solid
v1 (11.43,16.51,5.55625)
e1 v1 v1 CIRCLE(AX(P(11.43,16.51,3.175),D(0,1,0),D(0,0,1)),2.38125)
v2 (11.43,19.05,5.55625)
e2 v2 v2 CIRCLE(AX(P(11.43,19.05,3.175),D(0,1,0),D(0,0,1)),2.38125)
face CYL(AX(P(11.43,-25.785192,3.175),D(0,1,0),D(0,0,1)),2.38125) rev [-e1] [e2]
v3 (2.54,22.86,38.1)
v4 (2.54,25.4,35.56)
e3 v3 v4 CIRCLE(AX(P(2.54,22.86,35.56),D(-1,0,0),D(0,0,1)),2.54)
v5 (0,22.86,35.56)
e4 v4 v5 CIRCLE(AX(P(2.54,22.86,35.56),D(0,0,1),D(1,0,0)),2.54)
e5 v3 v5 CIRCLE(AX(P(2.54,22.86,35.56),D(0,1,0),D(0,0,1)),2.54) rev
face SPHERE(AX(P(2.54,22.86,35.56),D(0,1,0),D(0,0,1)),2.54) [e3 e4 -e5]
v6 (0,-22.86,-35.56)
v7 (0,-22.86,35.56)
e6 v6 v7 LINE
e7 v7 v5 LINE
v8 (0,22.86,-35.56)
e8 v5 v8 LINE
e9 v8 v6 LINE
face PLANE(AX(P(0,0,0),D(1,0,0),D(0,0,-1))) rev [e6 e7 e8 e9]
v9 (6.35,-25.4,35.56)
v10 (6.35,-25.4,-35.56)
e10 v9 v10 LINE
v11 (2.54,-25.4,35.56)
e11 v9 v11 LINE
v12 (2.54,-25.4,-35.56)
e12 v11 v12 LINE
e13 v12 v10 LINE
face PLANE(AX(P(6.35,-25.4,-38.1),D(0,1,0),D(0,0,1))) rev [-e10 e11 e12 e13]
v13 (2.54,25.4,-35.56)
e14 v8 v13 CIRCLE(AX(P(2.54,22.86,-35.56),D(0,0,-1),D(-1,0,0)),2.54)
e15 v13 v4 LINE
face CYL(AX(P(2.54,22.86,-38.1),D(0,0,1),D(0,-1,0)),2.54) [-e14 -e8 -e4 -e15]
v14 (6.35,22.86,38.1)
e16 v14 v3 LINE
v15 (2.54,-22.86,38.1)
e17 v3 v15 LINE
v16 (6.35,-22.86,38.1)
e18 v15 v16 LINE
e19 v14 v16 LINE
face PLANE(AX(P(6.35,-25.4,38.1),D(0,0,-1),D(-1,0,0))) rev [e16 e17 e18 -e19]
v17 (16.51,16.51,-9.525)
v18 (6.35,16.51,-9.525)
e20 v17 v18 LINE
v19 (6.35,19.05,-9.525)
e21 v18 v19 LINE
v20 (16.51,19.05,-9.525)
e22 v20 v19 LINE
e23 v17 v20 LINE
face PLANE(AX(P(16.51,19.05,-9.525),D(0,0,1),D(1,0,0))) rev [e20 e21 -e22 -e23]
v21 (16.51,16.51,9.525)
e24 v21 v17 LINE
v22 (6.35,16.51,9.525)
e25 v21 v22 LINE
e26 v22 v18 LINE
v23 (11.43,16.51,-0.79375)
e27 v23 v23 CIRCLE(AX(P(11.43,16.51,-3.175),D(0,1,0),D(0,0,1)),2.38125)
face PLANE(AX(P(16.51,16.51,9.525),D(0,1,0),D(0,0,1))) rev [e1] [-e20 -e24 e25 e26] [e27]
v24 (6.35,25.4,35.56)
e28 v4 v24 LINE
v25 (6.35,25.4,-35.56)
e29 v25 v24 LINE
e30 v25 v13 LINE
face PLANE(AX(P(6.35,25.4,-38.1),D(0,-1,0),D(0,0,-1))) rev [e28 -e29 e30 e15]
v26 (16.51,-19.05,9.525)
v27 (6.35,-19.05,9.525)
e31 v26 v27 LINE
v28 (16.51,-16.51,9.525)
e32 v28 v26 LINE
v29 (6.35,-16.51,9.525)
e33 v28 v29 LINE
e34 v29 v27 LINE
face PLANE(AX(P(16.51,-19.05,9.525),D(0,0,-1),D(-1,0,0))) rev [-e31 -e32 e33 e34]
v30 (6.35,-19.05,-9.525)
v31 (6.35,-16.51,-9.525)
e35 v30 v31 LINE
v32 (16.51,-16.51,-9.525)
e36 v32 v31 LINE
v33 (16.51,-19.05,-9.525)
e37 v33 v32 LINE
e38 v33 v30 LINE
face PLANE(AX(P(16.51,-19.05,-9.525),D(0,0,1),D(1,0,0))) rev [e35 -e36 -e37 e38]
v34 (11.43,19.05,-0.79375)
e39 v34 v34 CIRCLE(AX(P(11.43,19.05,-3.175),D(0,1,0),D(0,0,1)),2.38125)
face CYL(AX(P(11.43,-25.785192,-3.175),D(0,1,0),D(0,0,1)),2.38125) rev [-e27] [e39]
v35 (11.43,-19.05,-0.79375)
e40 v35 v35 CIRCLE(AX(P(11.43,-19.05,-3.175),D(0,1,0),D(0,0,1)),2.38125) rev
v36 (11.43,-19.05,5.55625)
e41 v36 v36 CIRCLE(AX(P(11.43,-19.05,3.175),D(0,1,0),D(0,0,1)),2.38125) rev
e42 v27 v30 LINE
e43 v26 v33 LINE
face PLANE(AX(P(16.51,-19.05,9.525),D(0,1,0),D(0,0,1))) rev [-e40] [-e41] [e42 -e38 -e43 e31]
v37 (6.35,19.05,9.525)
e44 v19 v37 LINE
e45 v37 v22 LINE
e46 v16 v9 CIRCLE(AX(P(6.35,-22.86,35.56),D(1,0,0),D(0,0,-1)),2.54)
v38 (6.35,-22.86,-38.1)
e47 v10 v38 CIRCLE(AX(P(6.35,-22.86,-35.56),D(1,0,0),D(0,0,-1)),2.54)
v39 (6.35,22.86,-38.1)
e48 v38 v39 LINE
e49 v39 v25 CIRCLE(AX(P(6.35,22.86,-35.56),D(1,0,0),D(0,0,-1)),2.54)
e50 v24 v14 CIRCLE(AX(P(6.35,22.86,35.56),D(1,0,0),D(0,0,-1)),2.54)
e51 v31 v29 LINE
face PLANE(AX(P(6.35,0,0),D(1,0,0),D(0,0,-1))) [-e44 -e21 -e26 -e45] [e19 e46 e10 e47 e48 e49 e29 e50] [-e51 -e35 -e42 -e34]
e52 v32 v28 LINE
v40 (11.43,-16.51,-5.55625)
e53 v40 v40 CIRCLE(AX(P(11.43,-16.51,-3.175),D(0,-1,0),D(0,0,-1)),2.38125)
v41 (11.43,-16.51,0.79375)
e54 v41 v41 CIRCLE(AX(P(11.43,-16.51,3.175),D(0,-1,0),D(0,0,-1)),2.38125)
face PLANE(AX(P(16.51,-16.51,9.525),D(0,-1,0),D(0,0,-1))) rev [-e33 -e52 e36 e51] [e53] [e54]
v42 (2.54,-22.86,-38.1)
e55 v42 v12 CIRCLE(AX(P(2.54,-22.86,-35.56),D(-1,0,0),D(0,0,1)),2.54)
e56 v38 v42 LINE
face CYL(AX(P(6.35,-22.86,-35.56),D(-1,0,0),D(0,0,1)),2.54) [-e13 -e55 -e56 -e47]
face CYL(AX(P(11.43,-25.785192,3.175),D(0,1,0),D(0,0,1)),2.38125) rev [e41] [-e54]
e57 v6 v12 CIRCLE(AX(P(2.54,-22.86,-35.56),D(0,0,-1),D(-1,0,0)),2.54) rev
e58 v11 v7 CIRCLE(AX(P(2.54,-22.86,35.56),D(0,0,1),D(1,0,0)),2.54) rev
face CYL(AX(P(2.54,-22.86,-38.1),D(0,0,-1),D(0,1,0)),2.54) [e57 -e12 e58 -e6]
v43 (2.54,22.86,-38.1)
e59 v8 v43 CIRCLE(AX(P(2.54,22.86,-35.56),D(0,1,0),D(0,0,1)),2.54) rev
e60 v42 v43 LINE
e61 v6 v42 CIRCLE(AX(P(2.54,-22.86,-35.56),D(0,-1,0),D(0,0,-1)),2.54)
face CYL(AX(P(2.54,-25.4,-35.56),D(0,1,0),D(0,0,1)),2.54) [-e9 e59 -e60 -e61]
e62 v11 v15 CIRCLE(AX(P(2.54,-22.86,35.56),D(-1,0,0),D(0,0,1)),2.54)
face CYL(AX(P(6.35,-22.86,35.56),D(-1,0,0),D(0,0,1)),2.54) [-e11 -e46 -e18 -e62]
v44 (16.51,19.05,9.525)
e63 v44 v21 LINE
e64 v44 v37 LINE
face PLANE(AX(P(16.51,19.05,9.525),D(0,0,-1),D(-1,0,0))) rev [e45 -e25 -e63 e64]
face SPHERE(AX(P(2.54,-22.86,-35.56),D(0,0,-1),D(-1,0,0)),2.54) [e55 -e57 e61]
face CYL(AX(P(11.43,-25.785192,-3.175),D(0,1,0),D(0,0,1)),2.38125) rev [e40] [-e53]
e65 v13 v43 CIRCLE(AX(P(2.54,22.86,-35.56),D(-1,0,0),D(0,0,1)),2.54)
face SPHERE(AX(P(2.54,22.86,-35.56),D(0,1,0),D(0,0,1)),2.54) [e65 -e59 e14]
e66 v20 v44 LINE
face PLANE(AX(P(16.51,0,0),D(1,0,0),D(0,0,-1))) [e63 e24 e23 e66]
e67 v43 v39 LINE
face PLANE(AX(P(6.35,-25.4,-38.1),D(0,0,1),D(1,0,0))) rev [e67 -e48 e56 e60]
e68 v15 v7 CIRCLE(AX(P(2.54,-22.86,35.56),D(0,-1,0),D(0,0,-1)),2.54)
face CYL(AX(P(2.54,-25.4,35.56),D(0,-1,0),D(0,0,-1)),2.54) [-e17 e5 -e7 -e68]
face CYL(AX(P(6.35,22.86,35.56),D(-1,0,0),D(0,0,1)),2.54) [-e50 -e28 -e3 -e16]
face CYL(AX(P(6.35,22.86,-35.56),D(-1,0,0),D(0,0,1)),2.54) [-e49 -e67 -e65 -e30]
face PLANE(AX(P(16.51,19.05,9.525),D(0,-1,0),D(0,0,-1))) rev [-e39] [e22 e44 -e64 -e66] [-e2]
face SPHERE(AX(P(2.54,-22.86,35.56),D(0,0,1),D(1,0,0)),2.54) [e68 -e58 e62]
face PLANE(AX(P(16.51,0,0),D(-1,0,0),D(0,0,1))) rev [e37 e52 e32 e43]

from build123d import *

# Parameters (mm, degrees)
SKETCH1_W           = 76.2
SKETCH1_H           = 50.8
BOSS_EXTRUDE1_DEPTH = 6.35
SKETCH2_W           = 19.05
SKETCH2_H           = 2.54
BOSS_EXTRUDE2_DEPTH = 10.16
FILLET1_R           = 2.54
CUT_EXTRUDE1_REACH  = 62.828
SKETCH3_R           = 2.38125


with BuildPart() as part:
    # Sketch1 → Boss-Extrude1 (new body)
    with BuildSketch(Plane(origin=(0, 0, 0), x_dir=(0, 0, -1), z_dir=(1, 0, 0))):
        Rectangle(SKETCH1_W, SKETCH1_H)
    extrude(amount=BOSS_EXTRUDE1_DEPTH)

    # Sketch2 → Boss-Extrude2 (add)
    with BuildSketch(Plane(origin=(6.35, 0, 0), x_dir=(0, 0, -1), z_dir=(1, 0, 0))):
        with Locations((0, -17.78)):
            Rectangle(SKETCH2_W, SKETCH2_H)
        with Locations((0, 17.78)):
            Rectangle(SKETCH2_W, SKETCH2_H)
    extrude(amount=BOSS_EXTRUDE2_DEPTH)

    # Fillet1
    fillet1_edges = [part.edges().sort_by_distance(p)[0] for p in [
        (0, 25.4, 0),
        (0, 0, -38.1),
        (0, -25.4, 0),
        (0, 0, 38.1),
        (3.175, 25.4, 38.1),
        (3.175, 25.4, -38.1),
        (3.175, -25.4, -38.1),
        (3.175, -25.4, 38.1),
    ]]
    fillet(fillet1_edges, radius=FILLET1_R)

    # Cut-Extrude1: up to this face of the body (flat: up to its plane)
    cut_extrude1_end = Plane(part.part.faces().sort_by_distance((11.43, -19.05, 0))[0])
    # Sketch3 → Cut-Extrude1 (cut, up to the picked face)
    with BuildSketch(Plane(origin=(0, 19.05, 0), x_dir=(1, 0, 0), z_dir=(0, 1, 0)), mode=Mode.PRIVATE) as cut_extrude1_sk1:
        with Locations(Location((11.43, -3.175, 0), (0, 0, 270))):
            Circle(SKETCH3_R)
    cut_extrude1_tool1 = split(extrude(cut_extrude1_sk1.sketch, amount=-CUT_EXTRUDE1_REACH, mode=Mode.PRIVATE), bisect_by=cut_extrude1_end, keep=Keep.BOTH, mode=Mode.PRIVATE)
    # Sketch3 → Cut-Extrude1 (cut, up to the picked face)
    with BuildSketch(Plane(origin=(0, 19.05, 0), x_dir=(1, 0, 0), z_dir=(0, 1, 0)), mode=Mode.PRIVATE) as cut_extrude1_sk2:
        with Locations(Location((11.43, 3.175, 0), (0, 0, 270))):
            Circle(SKETCH3_R)
    cut_extrude1_tool2 = split(extrude(cut_extrude1_sk2.sketch, amount=-CUT_EXTRUDE1_REACH, mode=Mode.PRIVATE), bisect_by=cut_extrude1_end, keep=Keep.BOTH, mode=Mode.PRIVATE)
    add(cut_extrude1_tool1.solids().sort_by(Axis((11.43, 19.05, 3.175), (0, -1, 0)))[0], mode=Mode.SUBTRACT)
    add(cut_extrude1_tool2.solids().sort_by(Axis((11.43, 19.05, -3.175), (0, -1, 0)))[0], mode=Mode.SUBTRACT)


solid = part.part
